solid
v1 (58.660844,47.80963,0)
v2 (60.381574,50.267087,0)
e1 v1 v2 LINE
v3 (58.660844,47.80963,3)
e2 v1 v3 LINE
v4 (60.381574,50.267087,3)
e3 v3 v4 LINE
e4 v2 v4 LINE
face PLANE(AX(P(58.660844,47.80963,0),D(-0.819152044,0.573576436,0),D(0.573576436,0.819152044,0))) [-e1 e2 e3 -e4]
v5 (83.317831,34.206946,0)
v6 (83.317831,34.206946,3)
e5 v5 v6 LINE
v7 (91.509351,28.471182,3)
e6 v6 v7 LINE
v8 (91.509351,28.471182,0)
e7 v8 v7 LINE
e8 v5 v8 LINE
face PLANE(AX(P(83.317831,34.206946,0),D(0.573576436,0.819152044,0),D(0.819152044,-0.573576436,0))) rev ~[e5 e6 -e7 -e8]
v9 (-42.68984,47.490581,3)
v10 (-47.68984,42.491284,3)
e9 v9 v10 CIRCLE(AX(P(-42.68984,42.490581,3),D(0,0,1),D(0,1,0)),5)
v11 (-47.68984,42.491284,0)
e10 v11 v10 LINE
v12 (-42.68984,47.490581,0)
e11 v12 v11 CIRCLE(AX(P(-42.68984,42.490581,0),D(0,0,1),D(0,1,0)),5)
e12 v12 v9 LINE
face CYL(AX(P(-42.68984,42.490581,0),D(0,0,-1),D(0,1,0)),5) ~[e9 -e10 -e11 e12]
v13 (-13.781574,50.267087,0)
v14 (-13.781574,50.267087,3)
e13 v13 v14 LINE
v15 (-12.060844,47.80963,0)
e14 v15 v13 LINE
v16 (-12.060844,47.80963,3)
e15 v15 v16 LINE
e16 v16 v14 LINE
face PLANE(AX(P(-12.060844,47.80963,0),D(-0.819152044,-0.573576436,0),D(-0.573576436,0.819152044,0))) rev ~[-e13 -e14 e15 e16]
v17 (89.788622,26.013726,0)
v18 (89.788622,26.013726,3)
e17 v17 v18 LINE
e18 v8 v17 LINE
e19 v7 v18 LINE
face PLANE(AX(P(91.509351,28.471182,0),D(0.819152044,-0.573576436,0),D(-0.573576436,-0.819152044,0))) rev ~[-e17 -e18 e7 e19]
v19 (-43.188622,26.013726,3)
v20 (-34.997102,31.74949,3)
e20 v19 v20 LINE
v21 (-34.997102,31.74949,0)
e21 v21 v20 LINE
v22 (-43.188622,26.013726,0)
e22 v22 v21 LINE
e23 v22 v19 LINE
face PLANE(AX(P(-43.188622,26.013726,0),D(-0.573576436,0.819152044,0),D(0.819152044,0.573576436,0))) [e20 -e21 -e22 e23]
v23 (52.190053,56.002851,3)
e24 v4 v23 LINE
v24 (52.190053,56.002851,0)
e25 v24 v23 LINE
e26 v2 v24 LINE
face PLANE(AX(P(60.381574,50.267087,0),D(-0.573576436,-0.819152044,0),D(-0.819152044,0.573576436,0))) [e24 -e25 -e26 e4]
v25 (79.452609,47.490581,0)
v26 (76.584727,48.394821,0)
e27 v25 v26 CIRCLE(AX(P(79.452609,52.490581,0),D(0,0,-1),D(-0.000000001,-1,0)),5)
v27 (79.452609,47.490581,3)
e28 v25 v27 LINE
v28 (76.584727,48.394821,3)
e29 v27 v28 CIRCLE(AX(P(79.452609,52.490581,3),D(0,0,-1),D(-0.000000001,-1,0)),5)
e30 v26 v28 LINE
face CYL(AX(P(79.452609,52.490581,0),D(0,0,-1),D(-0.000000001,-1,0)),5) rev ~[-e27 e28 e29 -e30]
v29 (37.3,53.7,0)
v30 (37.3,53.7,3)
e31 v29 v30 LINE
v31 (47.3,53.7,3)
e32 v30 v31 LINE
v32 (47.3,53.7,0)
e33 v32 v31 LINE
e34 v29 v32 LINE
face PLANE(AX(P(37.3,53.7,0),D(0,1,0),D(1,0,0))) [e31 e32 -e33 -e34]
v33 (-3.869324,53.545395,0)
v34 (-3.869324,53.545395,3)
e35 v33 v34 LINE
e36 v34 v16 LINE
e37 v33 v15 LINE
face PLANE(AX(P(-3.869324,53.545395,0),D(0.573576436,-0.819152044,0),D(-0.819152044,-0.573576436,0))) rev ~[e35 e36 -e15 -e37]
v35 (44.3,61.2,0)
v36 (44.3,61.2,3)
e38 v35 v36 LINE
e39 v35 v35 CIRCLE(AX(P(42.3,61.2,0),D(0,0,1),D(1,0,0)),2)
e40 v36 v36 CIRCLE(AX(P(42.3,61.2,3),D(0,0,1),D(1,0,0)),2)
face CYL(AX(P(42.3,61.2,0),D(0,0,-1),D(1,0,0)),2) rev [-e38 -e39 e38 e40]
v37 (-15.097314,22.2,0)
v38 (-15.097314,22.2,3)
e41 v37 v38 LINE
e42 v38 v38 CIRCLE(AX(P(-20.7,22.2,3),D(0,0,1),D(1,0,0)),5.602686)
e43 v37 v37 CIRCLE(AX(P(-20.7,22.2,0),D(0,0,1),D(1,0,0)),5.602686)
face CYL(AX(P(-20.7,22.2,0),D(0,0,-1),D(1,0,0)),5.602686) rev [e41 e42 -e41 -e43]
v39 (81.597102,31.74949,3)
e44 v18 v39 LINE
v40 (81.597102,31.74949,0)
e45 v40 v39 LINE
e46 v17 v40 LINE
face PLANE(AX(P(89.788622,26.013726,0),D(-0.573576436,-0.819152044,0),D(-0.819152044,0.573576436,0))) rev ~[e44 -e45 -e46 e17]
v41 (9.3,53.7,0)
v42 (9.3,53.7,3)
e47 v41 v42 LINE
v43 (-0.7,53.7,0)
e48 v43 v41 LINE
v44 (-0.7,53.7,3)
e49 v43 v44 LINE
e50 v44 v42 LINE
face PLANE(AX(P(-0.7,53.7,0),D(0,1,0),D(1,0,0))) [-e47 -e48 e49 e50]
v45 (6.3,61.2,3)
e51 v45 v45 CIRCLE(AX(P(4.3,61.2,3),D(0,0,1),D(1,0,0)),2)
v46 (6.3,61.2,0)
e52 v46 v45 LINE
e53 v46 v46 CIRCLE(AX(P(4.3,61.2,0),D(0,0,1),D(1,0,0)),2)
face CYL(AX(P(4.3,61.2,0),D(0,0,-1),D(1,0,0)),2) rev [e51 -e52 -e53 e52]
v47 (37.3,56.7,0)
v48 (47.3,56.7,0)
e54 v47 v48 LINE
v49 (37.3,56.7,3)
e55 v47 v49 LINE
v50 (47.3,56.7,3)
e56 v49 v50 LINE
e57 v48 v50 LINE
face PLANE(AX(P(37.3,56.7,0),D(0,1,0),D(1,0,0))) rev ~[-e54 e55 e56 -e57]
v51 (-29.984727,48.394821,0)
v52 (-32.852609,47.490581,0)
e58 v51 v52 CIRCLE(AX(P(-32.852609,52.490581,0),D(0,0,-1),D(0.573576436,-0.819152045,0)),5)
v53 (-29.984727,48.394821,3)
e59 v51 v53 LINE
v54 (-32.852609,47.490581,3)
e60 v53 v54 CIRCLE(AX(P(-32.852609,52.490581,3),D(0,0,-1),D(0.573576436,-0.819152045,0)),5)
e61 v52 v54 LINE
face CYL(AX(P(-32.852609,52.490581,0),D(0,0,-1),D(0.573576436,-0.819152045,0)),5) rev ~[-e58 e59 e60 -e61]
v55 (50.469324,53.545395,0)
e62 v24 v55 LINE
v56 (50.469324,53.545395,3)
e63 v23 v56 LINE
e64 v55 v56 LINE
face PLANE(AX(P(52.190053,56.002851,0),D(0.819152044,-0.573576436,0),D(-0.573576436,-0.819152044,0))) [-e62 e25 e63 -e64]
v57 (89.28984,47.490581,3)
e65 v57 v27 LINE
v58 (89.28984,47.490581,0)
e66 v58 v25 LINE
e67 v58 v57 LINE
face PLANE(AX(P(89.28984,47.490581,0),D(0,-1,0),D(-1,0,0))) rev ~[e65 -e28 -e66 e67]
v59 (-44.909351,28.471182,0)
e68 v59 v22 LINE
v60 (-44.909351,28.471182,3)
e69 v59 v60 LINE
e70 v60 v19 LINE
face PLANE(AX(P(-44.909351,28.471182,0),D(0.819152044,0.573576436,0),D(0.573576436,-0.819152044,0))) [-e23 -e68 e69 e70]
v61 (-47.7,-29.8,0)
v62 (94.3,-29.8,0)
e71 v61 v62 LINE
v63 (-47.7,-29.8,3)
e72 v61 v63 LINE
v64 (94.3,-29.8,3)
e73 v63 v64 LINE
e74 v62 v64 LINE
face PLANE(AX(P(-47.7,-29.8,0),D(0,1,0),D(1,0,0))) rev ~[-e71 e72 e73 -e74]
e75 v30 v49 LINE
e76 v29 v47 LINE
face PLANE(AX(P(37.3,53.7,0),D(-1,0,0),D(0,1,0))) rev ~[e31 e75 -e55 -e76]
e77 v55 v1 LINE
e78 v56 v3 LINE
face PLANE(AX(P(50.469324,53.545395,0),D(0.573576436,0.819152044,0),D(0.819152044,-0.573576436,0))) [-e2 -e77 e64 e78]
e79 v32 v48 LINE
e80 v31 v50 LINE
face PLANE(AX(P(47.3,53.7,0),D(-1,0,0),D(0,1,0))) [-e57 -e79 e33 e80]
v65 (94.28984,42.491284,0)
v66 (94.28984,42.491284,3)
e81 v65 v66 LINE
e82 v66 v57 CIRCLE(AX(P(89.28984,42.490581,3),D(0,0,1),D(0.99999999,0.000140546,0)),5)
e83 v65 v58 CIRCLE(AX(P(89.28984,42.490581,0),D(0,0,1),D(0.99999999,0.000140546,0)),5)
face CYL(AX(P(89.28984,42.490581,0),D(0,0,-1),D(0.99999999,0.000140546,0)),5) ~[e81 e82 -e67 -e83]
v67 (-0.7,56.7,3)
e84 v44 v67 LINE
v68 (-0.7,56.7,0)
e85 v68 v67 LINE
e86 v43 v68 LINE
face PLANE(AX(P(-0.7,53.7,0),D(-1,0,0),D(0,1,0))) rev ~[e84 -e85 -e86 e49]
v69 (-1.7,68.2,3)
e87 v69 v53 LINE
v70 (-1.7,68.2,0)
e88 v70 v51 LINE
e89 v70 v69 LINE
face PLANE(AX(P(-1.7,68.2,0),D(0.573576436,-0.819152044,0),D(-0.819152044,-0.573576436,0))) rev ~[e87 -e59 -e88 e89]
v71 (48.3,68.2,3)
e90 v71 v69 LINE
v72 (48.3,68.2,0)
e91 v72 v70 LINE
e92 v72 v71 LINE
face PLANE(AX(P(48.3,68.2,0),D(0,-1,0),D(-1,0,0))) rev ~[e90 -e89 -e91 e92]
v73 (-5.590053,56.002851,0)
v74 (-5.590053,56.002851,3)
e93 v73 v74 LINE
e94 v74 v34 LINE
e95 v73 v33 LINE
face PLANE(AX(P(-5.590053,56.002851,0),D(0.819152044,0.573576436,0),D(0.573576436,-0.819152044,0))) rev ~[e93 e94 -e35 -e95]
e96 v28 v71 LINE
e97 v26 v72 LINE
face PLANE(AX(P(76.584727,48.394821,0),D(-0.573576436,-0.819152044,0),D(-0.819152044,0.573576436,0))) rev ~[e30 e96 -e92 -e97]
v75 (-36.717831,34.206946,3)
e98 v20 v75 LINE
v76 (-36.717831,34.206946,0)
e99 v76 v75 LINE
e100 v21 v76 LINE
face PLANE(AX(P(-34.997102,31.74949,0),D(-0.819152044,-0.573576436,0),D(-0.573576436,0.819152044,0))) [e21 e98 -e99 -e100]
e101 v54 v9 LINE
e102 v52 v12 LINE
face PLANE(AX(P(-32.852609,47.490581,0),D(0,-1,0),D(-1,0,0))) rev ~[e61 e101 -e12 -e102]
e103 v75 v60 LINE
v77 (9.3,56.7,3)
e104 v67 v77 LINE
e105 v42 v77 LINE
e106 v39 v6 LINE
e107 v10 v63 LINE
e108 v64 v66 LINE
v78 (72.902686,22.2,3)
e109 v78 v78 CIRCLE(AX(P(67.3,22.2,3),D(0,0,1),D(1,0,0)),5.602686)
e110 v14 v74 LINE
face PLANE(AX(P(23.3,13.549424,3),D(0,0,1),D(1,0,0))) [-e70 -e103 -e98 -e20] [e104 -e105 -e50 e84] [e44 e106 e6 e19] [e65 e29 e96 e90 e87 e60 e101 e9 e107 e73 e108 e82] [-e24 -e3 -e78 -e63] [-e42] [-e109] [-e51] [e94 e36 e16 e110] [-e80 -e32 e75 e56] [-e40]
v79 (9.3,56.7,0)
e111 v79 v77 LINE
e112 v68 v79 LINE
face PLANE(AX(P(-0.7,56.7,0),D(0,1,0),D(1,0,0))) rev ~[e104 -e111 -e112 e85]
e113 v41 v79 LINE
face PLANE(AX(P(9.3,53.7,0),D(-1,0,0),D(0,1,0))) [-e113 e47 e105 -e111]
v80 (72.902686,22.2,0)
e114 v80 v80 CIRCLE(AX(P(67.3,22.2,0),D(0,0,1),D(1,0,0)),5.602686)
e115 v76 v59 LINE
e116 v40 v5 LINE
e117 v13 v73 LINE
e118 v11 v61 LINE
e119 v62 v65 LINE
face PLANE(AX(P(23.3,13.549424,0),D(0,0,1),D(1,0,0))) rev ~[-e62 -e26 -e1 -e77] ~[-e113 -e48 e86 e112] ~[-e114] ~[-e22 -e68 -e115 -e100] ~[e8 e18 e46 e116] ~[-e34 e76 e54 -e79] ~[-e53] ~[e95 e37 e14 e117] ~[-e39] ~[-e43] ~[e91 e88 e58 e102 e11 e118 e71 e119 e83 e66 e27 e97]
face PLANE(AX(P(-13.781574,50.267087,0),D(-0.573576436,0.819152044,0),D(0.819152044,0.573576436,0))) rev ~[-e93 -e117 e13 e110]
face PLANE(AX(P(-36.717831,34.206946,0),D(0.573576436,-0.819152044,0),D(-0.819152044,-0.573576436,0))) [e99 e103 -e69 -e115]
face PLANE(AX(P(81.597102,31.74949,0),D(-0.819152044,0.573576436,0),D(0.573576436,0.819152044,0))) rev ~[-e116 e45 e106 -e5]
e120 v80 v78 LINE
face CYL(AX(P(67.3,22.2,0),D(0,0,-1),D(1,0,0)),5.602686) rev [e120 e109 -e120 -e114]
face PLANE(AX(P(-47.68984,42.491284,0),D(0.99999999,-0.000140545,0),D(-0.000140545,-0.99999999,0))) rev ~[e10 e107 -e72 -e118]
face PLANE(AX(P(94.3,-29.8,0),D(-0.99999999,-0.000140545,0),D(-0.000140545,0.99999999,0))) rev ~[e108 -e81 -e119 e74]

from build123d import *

# Parameters (mm, degrees)
MODEL_R                 = 5.602685567
MODEL_R_2               = 2
MODEL_W                 = 10
MODEL_H                 = 3
SALIENTE_EXTRUIR1_DEPTH = 3


with BuildPart() as part:
    # Model → Saliente-Extruir1 (new body)
    with BuildSketch(Plane.XY):
        with BuildLine():
            Line((40.656841206, 68.2), (-1.7, 68.2))
            Line((-1.7, 68.2), (-29.984726632, 48.394821196))
            ThreePointArc((-29.984726632, 48.394821196), (-31.349079816, 47.721996664), (-32.852608814, 47.490581417))
            Line((-32.852608814, 47.490581417), (-42.689839841, 47.490581417))
            ThreePointArc((-42.689839841, 47.490581417), (-46.225125286, 46.026363766), (-47.689839791, 42.491284145))
            Line((-47.689839791, 42.491284145), (-47.7, -29.8))
            Line((-47.7, -29.8), (-18.946904924, -29.8))
            Line((-18.946904924, -29.8), (62.3, -29.8))
            Line((62.3, -29.8), (69.836645163, -29.8))
            Line((69.836645163, -29.8), (73.3, -29.8))
            Line((73.3, -29.8), (94.3, -29.8))
            Line((94.3, -29.8), (94.289839791, 42.491284145))
            ThreePointArc((94.289839791, 42.491284145), (92.825125286, 46.026363766), (89.289839841, 47.490581417))
            Line((89.289839841, 47.490581417), (79.452608814, 47.490581417))
            ThreePointArc((79.452608814, 47.490581417), (77.949079816, 47.721996664), (76.584726632, 48.394821196))
            Line((76.584726632, 48.394821196), (48.3, 68.2))
            Line((48.3, 68.2), (40.656841206, 68.2))
        make_face()
        with Locations((-20.7, 22.2)):
            Circle(MODEL_R, mode=Mode.SUBTRACT)
        with Locations((67.3, 22.2)):
            Circle(MODEL_R, mode=Mode.SUBTRACT)
        with Locations((42.3, 61.2)):
            Circle(MODEL_R_2, mode=Mode.SUBTRACT)
        with Locations((4.3, 61.2)):
            Circle(MODEL_R_2, mode=Mode.SUBTRACT)
        with Locations((4.3, 55.2)):
            Rectangle(MODEL_W, MODEL_H, mode=Mode.SUBTRACT)
        Polygon((58.660844318, 47.809630387), (60.381573627, 50.26708652), (52.190053184, 56.002850883), (50.469323875, 53.545394751), align=None, mode=Mode.SUBTRACT)
        with Locations((42.3, 55.2)):
            Rectangle(MODEL_W, MODEL_H, mode=Mode.SUBTRACT)
        Polygon((-12.060844318, 47.809630387), (-13.781573627, 50.26708652), (-5.590053184, 56.002850883), (-3.869323875, 53.545394751), align=None, mode=Mode.SUBTRACT)
        Polygon((-34.997101558, 31.749490169), (-36.717830867, 34.206946302), (-44.90935131, 28.471181939), (-43.188622001, 26.013725806), align=None, mode=Mode.SUBTRACT)
        Polygon((81.597101558, 31.749490169), (83.317830867, 34.206946302), (91.50935131, 28.471181939), (89.788622001, 26.013725806), align=None, mode=Mode.SUBTRACT)
    extrude(amount=SALIENTE_EXTRUIR1_DEPTH)


solid = part.part
